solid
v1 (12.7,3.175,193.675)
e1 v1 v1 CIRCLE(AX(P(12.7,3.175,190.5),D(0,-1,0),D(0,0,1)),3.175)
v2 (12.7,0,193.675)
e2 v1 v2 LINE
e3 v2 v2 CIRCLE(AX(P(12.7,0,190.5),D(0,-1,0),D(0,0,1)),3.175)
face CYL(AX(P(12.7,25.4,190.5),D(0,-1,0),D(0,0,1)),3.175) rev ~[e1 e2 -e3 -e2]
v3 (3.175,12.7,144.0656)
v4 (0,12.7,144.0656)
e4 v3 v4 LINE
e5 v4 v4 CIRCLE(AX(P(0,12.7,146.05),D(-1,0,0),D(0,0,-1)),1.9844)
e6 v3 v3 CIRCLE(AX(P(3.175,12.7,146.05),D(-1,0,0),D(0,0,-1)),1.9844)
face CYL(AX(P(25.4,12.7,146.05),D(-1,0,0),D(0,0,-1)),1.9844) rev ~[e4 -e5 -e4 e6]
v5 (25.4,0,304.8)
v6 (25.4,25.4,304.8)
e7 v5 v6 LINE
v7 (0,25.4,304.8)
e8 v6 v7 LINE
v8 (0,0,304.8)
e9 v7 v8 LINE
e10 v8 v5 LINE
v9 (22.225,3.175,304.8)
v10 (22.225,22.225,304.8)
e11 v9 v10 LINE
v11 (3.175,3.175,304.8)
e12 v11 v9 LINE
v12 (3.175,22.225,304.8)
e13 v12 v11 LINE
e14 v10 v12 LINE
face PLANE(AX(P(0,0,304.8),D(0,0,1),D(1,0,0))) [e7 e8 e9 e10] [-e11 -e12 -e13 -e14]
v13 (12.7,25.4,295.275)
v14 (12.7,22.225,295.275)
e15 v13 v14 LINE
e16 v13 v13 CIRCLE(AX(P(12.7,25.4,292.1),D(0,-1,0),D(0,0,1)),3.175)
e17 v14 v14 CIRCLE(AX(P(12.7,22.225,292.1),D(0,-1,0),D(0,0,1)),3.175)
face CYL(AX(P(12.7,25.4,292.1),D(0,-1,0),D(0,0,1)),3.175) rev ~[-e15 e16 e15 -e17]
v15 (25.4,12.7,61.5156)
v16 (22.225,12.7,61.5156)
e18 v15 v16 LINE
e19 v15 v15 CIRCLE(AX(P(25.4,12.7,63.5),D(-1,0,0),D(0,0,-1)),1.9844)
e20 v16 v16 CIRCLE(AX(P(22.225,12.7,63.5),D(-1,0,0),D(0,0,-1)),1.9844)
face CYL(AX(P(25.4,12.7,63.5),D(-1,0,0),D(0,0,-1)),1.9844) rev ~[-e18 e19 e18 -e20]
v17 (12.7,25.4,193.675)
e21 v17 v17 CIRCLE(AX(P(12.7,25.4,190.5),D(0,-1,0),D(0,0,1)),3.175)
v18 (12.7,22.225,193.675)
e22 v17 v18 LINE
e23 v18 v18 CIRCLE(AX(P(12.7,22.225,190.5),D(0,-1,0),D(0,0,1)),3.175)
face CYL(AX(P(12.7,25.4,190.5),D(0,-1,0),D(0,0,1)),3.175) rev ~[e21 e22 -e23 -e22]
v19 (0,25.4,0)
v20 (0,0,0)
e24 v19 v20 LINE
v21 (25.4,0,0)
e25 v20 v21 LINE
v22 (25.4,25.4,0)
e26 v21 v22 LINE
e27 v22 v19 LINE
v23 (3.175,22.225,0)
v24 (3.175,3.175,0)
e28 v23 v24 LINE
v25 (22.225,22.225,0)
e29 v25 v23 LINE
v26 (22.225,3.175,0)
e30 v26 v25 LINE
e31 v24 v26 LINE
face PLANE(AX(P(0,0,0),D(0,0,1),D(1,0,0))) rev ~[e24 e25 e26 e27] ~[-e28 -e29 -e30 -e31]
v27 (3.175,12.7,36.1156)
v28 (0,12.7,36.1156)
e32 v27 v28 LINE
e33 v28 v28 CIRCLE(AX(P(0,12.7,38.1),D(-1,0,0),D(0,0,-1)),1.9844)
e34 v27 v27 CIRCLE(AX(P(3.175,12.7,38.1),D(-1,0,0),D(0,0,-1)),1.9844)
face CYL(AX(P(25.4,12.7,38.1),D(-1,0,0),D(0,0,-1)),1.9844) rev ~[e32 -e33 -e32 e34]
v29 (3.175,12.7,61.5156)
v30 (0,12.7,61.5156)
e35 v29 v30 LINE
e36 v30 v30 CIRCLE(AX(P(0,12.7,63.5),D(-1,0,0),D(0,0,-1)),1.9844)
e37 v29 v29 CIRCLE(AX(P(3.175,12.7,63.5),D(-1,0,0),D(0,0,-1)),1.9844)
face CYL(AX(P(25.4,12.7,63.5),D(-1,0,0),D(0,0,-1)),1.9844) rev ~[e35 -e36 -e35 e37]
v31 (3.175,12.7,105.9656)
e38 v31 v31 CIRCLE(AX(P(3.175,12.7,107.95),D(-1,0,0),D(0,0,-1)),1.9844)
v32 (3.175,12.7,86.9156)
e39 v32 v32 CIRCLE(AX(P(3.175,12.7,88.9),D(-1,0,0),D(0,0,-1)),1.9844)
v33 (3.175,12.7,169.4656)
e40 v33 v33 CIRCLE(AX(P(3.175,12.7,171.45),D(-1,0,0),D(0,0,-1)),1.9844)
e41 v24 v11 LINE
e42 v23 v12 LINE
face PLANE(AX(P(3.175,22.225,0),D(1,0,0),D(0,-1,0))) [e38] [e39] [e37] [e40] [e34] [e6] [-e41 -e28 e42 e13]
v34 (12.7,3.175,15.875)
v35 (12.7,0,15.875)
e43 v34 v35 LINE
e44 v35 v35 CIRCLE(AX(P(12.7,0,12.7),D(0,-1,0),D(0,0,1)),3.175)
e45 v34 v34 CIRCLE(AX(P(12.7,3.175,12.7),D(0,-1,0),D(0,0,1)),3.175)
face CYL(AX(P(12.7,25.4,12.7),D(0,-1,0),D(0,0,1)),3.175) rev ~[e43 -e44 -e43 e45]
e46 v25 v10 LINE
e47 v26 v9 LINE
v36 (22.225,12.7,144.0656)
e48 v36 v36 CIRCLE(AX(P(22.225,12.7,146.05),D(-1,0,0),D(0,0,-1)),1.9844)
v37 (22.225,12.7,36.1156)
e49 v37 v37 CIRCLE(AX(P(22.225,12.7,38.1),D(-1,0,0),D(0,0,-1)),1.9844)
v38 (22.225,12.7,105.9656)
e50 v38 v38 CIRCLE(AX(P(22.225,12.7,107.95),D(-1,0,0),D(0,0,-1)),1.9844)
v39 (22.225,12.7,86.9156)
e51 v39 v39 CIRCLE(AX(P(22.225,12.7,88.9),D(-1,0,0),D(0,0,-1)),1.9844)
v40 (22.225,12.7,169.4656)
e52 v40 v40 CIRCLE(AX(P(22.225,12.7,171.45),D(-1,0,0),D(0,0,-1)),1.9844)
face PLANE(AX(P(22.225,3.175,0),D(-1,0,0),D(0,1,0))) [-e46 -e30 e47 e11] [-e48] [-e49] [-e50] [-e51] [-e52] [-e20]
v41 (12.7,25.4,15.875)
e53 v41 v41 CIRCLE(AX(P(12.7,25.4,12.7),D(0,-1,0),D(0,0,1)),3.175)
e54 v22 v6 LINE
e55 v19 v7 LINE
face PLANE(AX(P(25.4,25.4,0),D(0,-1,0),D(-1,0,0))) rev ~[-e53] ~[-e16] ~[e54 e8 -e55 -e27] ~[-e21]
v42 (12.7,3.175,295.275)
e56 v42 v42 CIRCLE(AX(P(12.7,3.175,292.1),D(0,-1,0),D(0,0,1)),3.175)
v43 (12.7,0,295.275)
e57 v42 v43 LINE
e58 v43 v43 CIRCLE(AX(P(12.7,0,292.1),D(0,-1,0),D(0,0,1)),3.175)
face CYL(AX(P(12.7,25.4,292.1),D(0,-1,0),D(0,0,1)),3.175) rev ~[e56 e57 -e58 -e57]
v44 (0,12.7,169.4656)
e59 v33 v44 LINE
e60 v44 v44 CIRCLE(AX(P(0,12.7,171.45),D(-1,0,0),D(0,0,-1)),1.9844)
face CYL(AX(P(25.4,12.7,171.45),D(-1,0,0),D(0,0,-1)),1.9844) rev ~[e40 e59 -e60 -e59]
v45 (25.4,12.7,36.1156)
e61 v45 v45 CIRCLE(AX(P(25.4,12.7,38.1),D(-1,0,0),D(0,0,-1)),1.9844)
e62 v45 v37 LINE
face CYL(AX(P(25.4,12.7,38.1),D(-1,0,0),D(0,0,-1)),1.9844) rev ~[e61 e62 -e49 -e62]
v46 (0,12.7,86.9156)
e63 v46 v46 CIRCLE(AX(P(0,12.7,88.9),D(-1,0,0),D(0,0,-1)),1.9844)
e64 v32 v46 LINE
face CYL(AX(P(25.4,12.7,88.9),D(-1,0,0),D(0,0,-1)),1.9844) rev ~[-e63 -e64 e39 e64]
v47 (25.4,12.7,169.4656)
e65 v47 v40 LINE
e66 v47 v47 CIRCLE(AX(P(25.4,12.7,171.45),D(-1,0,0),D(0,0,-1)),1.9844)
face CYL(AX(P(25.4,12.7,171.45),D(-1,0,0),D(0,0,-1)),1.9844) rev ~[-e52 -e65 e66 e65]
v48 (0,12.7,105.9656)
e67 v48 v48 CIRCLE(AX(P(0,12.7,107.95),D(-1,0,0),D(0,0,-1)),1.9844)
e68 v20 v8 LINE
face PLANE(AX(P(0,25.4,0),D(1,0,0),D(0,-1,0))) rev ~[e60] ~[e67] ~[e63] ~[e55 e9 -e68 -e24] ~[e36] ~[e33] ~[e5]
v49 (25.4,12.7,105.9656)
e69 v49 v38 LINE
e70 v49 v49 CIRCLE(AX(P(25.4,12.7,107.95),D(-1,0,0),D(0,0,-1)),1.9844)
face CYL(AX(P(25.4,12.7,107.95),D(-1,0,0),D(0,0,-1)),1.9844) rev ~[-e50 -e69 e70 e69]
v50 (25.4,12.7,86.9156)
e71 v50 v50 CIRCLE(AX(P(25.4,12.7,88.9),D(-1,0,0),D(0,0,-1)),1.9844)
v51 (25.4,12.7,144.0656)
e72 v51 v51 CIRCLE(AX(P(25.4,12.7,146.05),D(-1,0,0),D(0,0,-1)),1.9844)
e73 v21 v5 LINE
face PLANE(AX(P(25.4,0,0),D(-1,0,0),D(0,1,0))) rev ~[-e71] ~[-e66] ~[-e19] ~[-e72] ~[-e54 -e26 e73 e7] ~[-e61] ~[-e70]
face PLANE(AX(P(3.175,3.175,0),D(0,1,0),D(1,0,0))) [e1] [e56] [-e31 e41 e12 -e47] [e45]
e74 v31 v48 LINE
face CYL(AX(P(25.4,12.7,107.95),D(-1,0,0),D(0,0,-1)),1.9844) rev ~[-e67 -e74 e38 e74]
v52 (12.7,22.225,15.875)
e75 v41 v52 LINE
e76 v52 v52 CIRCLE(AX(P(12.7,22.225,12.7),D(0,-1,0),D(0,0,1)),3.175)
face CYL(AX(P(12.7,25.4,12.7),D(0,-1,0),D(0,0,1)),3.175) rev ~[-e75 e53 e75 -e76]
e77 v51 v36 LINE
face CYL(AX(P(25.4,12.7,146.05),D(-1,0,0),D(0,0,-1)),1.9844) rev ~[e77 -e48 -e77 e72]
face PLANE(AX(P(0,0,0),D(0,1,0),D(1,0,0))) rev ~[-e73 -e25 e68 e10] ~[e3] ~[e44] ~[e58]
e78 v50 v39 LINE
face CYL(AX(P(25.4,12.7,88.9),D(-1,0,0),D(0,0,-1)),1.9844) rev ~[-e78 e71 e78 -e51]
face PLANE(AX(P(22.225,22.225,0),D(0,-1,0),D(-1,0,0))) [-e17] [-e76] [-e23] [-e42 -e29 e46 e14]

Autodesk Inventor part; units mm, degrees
ref_plane "YZ Plane" through (0, 0, 0) normal (1, 0, 0) x (0, 1, 0)
ref_plane "XZ Plane" through (0, 0, 0) normal (0, 1, 0) x (-1, 0, 0)
ref_plane "XY Plane" through (0, 0, 0) normal (0, 0, 1) x (1, 0, 0)
sketch "Sketch1" plane through (0, 0, 0) normal (0, 0, 1) x (1, 0, 0)
  line L0 (0, 0) -> (25.4, 0)
  line L1 (25.4, 0) -> (25.4, 25.4)
  line L2 (25.4, 25.4) -> (0, 25.4)
  line L3 (0, 25.4) -> (0, 0)
  line L4 (3.175, 3.175) -> (22.225, 3.175)
  line L5 (22.225, 3.175) -> (22.225, 22.225)
  line L6 (22.225, 22.225) -> (3.175, 22.225)
  line L7 (3.175, 22.225) -> (3.175, 3.175)
  dimension "d0" = 25.4
  dimension "d1" = 25.4
  dimension "d2" = 19.05
  dimension "d3" = 19.05
  dimension "d4" = 3.175
  dimension "d5" = 3.175
extrude "Extrusion1" add sketch "Sketch1" along normal blind 304.8
sketch "Sketch2" plane through (0, 25.4, 0) normal (0, 1, 0) x (1, 0, 0)
  line L0 (25.4, 0) -> (0, 0) projected
  line L1 (0, 0) -> (0, -304.8) projected
  line L2 (25.4, -304.8) -> (0, -304.8) projected
  line L3 (25.4, 0) -> (25.4, -304.8) projected
  point P0 (12.7, -292.1)
  point P1 (12.7, -12.7)
  point P2 (12.7, -190.5)
  dimension "d8" = 12.7
  dimension "d9" = 12.7
  dimension "d10" = 12.7
  dimension "d11" = 12.7
  dimension "d32" = 12.7
  dimension "d33" = 114.3
sketch "Sketch3" plane through (25.4, 0, 0) normal (1, 0, 0) x (0, 0, -1)
  line L0 (0, 0) -> (-304.8, 0) projected
  line L1 (0, 0) -> (0, 25.4) projected
  point P0 (-38.1, 12.7)
  point P1 (-63.5, 12.7)
  point P2 (-88.9, 12.7)
  dimension "d19" = 12.7
  dimension "d20" = 12.7
  dimension "d21" = 12.7
  dimension "d22" = 38.1
  dimension "d23" = 88.9
  dimension "d24" = 63.5
hole "Hole2" at (25.4, 12.7, 38.1) at (25.4, 12.7, 63.5) at (25.4, 12.7, 88.9) direction (-1, 0, 0) diameter 3.9688 end through all
hole "Hole3" at (12.7, 25.4, 292.1) at (12.7, 25.4, 12.7) at (12.7, 25.4, 190.5) direction (0, -1, 0) diameter 6.35 end through all
sketch "Sketch4" plane through (25.4, 0, 0) normal (1, 0, 0) x (0, 0, -1)
  circle A0 centre (-63.5, 12.7) radius 1.9844 projected
  circle A1 centre (-38.1, 12.7) radius 1.9844 projected
  circle A2 centre (-88.9, 12.7) radius 1.9844 projected
  line L0 (0, 0) -> (0, 25.4) projected
  line L1 (0, 25.4) -> (-304.8, 25.4) projected
  line L2 (-304.8, 0) -> (-304.8, 25.4) projected
  line L3 (0, 0) -> (-304.8, 0) projected
  point P0 (-171.45, 12.7)
  point P1 (-107.95, 12.7)
  point P2 (-146.05, 12.7)
  dimension "d41" = 133.35
  dimension "d42" = 196.85
  dimension "d43" = 158.75
  dimension "d44" = 12.7
  dimension "d45" = 12.7
  dimension "d46" = 12.7
hole "Hole4" at (25.4, 12.7, 171.45) at (25.4, 12.7, 107.95) at (25.4, 12.7, 146.05) direction (-1, 0, 0) diameter 3.9688 end through all
properties part number "mounting block"
